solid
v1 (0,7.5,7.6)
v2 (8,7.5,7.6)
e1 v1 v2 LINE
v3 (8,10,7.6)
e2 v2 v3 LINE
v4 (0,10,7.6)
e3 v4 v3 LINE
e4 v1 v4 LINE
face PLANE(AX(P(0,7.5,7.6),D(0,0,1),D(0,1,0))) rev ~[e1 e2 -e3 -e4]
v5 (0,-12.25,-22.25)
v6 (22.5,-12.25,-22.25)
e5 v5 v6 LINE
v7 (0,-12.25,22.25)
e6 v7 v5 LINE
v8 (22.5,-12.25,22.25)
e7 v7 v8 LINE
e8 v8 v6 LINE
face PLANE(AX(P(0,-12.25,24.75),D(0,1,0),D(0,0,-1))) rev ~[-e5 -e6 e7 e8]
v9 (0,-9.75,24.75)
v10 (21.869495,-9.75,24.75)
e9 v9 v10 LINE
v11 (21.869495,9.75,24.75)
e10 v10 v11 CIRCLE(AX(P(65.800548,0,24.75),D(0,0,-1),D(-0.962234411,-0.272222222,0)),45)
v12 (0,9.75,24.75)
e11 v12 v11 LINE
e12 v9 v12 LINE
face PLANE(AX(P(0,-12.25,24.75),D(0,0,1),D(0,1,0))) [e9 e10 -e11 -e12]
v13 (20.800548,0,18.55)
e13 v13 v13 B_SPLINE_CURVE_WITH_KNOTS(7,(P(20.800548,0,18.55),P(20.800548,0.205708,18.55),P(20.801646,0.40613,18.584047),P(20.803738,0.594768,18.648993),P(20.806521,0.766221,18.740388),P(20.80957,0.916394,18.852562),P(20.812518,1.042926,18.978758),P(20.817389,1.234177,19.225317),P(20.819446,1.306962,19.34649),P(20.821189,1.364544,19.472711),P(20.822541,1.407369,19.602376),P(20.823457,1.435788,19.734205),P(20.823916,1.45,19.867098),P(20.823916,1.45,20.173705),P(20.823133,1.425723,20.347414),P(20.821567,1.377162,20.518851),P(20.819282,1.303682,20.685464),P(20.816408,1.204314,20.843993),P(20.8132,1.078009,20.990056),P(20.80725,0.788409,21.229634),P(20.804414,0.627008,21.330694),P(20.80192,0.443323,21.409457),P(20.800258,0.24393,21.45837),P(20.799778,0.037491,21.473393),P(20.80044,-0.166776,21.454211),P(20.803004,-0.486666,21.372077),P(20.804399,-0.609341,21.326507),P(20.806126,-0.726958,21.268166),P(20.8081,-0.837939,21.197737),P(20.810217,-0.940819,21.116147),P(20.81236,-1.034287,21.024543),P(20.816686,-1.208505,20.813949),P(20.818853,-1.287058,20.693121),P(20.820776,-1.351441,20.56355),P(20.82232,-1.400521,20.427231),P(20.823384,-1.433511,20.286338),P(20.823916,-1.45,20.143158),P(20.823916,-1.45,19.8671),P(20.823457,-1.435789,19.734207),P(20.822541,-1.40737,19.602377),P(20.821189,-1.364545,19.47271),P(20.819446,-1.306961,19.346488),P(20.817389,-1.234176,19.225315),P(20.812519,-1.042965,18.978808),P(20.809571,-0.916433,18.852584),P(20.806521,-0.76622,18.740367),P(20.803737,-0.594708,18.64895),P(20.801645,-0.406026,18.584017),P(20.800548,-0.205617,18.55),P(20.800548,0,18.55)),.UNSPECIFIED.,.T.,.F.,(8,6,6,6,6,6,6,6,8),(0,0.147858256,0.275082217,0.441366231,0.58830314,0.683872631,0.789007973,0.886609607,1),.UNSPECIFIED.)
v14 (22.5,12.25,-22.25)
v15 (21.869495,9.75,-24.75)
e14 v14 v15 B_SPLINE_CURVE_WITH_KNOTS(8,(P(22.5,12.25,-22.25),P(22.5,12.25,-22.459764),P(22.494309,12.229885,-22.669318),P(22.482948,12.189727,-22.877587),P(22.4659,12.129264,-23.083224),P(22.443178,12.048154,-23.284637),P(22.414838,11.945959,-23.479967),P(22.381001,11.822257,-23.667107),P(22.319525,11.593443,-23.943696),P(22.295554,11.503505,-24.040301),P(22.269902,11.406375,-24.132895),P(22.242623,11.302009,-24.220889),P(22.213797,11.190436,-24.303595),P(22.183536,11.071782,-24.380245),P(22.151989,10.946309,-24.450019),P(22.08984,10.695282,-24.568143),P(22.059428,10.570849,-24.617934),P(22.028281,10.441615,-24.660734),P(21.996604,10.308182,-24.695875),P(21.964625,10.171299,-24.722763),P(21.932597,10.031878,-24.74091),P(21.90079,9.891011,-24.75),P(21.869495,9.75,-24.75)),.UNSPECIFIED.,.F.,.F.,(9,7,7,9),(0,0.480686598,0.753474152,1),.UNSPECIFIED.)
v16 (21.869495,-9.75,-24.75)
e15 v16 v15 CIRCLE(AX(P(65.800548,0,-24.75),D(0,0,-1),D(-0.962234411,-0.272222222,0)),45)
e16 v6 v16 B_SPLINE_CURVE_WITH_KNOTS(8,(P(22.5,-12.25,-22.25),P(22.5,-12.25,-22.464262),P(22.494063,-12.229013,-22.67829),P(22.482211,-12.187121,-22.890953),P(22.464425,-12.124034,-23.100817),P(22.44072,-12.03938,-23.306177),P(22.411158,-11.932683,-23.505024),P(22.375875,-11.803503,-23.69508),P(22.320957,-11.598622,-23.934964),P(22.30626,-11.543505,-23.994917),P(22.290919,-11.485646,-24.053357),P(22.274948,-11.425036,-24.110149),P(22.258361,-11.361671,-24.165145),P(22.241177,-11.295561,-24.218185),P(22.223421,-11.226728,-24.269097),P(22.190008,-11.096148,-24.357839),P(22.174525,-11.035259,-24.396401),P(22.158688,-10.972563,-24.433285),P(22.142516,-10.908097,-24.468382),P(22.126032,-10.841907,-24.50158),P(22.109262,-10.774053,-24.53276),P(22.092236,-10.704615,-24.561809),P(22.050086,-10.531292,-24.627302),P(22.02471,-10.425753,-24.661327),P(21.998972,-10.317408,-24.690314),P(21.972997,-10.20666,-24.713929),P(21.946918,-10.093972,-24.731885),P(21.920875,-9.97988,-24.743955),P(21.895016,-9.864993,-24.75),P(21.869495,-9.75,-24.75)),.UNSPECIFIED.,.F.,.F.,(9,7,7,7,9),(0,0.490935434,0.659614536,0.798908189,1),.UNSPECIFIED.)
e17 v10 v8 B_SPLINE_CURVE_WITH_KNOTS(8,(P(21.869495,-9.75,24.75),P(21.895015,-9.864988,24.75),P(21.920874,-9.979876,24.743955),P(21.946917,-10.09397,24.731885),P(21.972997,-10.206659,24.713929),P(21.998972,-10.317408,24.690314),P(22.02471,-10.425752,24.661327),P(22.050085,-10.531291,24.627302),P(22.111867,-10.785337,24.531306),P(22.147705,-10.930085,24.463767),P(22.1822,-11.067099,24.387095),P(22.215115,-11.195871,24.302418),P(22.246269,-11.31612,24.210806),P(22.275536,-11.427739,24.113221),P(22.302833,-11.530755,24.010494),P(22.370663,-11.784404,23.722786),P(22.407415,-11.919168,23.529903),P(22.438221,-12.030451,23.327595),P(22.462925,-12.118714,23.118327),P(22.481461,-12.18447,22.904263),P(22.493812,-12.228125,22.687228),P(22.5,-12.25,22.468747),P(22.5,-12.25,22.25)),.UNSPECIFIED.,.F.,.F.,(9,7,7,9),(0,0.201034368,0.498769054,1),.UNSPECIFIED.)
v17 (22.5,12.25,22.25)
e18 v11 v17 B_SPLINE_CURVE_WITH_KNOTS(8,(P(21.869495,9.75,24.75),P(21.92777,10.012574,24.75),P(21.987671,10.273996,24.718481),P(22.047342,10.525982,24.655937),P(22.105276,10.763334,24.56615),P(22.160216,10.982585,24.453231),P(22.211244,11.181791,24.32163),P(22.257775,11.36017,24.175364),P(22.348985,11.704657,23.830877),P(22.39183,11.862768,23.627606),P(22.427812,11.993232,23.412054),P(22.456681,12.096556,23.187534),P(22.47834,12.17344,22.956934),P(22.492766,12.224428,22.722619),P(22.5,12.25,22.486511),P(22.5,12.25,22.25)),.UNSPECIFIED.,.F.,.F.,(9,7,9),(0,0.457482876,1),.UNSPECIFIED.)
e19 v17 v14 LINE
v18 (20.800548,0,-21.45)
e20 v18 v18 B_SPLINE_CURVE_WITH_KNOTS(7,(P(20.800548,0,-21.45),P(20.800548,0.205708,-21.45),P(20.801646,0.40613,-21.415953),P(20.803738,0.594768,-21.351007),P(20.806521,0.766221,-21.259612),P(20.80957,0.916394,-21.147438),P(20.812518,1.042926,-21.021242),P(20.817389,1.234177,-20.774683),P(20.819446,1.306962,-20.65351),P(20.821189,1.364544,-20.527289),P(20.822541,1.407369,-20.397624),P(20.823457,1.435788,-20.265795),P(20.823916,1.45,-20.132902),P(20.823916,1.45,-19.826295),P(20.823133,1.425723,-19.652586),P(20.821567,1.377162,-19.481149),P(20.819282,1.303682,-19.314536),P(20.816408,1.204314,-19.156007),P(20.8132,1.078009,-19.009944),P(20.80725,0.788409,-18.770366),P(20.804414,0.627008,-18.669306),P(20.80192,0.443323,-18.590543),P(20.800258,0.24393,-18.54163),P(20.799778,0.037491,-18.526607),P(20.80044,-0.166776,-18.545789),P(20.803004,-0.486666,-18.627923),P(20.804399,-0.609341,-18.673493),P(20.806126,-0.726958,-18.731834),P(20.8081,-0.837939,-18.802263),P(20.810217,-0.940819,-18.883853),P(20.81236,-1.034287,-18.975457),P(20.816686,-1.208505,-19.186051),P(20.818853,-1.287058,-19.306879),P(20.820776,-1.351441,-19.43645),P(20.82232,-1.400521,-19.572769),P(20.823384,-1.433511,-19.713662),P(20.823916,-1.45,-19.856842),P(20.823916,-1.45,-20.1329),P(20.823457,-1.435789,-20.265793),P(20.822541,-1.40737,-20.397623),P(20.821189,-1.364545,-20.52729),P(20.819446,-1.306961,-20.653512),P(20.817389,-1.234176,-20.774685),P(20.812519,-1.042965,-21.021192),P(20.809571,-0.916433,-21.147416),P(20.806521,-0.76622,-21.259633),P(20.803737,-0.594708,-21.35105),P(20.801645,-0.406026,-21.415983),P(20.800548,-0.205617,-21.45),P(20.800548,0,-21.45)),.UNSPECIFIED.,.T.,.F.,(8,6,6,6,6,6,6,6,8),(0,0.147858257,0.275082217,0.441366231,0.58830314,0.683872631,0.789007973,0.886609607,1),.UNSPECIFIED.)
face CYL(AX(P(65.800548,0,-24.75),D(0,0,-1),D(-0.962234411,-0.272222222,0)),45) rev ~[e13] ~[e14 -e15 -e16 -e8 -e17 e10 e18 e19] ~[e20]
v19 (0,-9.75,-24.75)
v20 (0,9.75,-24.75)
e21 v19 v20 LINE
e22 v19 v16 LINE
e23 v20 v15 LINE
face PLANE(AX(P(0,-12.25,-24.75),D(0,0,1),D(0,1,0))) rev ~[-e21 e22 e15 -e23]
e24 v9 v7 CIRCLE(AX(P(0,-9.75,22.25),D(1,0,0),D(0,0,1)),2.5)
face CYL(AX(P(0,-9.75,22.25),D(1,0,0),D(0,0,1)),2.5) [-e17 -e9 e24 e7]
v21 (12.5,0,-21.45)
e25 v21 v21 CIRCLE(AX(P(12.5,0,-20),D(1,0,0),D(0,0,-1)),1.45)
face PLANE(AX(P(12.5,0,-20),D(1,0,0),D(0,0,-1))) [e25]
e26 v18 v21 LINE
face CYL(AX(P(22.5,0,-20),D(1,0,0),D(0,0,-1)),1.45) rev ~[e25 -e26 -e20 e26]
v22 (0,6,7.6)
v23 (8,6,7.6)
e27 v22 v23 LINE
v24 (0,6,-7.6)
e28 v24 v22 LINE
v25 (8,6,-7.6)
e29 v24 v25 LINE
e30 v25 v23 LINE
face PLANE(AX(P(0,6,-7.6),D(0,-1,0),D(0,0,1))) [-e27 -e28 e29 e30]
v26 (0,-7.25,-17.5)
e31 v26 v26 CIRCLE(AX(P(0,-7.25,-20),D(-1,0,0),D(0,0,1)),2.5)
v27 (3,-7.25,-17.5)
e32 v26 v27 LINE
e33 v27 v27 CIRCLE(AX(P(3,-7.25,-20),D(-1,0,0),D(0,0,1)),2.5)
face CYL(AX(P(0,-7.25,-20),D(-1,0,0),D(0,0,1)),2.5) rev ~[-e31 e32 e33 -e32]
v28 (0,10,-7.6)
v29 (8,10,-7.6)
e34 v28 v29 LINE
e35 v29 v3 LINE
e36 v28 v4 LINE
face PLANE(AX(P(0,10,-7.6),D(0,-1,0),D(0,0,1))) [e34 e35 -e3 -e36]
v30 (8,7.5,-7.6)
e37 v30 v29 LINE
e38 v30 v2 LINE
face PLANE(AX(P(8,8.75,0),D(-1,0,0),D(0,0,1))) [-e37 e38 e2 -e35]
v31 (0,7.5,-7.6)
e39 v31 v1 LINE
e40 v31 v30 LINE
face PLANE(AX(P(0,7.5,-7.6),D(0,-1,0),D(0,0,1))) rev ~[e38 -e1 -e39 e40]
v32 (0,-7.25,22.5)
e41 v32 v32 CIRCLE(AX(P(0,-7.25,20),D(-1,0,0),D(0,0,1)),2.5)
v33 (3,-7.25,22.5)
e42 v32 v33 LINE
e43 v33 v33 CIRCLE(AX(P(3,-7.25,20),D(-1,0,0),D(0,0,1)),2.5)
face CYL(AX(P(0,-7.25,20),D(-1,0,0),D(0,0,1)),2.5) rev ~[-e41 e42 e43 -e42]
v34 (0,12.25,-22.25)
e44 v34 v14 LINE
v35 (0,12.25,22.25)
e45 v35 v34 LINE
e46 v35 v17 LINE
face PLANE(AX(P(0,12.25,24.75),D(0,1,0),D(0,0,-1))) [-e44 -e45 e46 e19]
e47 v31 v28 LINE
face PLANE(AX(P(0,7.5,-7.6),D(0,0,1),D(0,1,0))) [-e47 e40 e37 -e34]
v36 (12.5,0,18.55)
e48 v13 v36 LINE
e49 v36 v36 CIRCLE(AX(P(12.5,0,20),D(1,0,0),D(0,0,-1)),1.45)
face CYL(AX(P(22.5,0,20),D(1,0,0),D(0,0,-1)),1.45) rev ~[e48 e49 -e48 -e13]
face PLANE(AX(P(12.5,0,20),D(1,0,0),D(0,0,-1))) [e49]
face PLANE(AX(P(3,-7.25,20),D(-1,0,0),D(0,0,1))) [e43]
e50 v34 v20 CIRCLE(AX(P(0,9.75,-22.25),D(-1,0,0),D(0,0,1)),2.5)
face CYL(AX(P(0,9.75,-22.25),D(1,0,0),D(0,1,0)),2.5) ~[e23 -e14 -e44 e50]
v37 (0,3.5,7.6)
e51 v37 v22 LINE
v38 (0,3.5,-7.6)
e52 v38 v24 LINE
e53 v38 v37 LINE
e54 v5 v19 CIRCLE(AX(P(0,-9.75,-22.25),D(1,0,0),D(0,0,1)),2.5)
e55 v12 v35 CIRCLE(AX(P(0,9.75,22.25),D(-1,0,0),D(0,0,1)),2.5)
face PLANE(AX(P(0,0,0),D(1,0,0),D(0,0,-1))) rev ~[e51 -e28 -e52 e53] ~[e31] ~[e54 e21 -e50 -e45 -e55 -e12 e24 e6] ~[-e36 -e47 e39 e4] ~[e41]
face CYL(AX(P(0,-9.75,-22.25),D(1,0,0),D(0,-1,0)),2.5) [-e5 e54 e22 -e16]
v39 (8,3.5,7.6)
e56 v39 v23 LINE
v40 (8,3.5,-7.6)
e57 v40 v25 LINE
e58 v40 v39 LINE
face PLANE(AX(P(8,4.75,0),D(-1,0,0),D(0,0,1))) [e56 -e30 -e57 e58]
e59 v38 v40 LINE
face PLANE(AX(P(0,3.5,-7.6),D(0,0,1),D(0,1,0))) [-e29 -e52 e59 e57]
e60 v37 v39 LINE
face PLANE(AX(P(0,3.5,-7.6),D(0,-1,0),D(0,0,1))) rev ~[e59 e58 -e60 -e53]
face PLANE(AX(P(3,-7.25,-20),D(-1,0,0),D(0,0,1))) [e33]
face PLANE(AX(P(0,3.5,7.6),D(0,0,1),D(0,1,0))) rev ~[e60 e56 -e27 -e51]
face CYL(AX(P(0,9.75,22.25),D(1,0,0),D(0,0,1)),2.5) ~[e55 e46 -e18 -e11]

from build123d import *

# Parameters (mm, degrees)
SKETCH_1_W          = 49.5
SKETCH_1_H          = 24.5
EXTRUDE_1_DEPTH     = 22.5
SKETCH_2_R          = 2.5
CUT_EXTRUDE_1_DEPTH = 3
SKETCH_3_W          = 15.2
SKETCH_3_H          = 2.5
CUT_EXTRUDE_2_DEPTH = 8
CUT_EXTRUDE_3_DEPTH = 50
CUT_EXTRUDE_START   = 22.5
SKETCH_5_R          = 1.45
CUT_EXTRUDE_4_DEPTH = 10
FILLET_1_R          = 2.5


with BuildPart() as part:
    # Эскиз1 → Бобышка-Вытянуть1 (new body)
    with BuildSketch(Plane(origin=(0, 0, 0), x_dir=(0, 0, -1), z_dir=(1, 0, 0))):
        Rectangle(SKETCH_1_W, SKETCH_1_H)
    extrude(amount=EXTRUDE_1_DEPTH)

    # Эскиз2 → Вырез-Вытянуть1 (cut)
    with BuildSketch(Plane.ZY):
        with Locations((-20, -7.25)):
            Circle(SKETCH_2_R)
        with Locations((20, -7.25)):
            Circle(SKETCH_2_R)
    extrude(amount=-CUT_EXTRUDE_1_DEPTH, mode=Mode.SUBTRACT)

    # Эскиз3 → Вырез-Вытянуть2 (cut)
    with BuildSketch(Plane.ZY):
        with Locations((0, 4.75)):
            Rectangle(SKETCH_3_W, SKETCH_3_H)
        with Locations((0, 8.75)):
            Rectangle(SKETCH_3_W, SKETCH_3_H)
    extrude(amount=-CUT_EXTRUDE_2_DEPTH, mode=Mode.SUBTRACT)

    # Эскиз4 → Вырез-Вытянуть3 (cut)
    with BuildSketch(Plane(origin=(0, 0, -24.75), x_dir=(-1, 0, 0), z_dir=(0, 0, -1))):
        with BuildLine():
            Line((-22.5, 12.25), (-22.5, -12.25))
            ThreePointArc((-22.5, -12.25), (-20.800548495, 0), (-22.5, 12.25))
        make_face()
    extrude(amount=-CUT_EXTRUDE_3_DEPTH, mode=Mode.SUBTRACT)

    # Эскиз5 → Вырез-Вытянуть4 (cut)
    with BuildSketch(Plane(origin=(0, 0, 0), x_dir=(0, 0, -1), z_dir=(1, 0, 0)).offset(CUT_EXTRUDE_START)):
        with Locations((-20, 0)):
            Circle(SKETCH_5_R)
        with Locations((20, 0)):
            Circle(SKETCH_5_R)
    extrude(amount=-CUT_EXTRUDE_4_DEPTH, mode=Mode.SUBTRACT)

    # Скругление1
    fillet_1_edges = [part.edges().sort_by_distance(p)[0] for p in [
        (11.25, 12.25, -24.75),
        (11.25, -12.25, -24.75),
        (11.25, -12.25, 24.75),
        (11.25, 12.25, 24.75),
    ]]
    fillet(fillet_1_edges, radius=FILLET_1_R)


solid = part.part
